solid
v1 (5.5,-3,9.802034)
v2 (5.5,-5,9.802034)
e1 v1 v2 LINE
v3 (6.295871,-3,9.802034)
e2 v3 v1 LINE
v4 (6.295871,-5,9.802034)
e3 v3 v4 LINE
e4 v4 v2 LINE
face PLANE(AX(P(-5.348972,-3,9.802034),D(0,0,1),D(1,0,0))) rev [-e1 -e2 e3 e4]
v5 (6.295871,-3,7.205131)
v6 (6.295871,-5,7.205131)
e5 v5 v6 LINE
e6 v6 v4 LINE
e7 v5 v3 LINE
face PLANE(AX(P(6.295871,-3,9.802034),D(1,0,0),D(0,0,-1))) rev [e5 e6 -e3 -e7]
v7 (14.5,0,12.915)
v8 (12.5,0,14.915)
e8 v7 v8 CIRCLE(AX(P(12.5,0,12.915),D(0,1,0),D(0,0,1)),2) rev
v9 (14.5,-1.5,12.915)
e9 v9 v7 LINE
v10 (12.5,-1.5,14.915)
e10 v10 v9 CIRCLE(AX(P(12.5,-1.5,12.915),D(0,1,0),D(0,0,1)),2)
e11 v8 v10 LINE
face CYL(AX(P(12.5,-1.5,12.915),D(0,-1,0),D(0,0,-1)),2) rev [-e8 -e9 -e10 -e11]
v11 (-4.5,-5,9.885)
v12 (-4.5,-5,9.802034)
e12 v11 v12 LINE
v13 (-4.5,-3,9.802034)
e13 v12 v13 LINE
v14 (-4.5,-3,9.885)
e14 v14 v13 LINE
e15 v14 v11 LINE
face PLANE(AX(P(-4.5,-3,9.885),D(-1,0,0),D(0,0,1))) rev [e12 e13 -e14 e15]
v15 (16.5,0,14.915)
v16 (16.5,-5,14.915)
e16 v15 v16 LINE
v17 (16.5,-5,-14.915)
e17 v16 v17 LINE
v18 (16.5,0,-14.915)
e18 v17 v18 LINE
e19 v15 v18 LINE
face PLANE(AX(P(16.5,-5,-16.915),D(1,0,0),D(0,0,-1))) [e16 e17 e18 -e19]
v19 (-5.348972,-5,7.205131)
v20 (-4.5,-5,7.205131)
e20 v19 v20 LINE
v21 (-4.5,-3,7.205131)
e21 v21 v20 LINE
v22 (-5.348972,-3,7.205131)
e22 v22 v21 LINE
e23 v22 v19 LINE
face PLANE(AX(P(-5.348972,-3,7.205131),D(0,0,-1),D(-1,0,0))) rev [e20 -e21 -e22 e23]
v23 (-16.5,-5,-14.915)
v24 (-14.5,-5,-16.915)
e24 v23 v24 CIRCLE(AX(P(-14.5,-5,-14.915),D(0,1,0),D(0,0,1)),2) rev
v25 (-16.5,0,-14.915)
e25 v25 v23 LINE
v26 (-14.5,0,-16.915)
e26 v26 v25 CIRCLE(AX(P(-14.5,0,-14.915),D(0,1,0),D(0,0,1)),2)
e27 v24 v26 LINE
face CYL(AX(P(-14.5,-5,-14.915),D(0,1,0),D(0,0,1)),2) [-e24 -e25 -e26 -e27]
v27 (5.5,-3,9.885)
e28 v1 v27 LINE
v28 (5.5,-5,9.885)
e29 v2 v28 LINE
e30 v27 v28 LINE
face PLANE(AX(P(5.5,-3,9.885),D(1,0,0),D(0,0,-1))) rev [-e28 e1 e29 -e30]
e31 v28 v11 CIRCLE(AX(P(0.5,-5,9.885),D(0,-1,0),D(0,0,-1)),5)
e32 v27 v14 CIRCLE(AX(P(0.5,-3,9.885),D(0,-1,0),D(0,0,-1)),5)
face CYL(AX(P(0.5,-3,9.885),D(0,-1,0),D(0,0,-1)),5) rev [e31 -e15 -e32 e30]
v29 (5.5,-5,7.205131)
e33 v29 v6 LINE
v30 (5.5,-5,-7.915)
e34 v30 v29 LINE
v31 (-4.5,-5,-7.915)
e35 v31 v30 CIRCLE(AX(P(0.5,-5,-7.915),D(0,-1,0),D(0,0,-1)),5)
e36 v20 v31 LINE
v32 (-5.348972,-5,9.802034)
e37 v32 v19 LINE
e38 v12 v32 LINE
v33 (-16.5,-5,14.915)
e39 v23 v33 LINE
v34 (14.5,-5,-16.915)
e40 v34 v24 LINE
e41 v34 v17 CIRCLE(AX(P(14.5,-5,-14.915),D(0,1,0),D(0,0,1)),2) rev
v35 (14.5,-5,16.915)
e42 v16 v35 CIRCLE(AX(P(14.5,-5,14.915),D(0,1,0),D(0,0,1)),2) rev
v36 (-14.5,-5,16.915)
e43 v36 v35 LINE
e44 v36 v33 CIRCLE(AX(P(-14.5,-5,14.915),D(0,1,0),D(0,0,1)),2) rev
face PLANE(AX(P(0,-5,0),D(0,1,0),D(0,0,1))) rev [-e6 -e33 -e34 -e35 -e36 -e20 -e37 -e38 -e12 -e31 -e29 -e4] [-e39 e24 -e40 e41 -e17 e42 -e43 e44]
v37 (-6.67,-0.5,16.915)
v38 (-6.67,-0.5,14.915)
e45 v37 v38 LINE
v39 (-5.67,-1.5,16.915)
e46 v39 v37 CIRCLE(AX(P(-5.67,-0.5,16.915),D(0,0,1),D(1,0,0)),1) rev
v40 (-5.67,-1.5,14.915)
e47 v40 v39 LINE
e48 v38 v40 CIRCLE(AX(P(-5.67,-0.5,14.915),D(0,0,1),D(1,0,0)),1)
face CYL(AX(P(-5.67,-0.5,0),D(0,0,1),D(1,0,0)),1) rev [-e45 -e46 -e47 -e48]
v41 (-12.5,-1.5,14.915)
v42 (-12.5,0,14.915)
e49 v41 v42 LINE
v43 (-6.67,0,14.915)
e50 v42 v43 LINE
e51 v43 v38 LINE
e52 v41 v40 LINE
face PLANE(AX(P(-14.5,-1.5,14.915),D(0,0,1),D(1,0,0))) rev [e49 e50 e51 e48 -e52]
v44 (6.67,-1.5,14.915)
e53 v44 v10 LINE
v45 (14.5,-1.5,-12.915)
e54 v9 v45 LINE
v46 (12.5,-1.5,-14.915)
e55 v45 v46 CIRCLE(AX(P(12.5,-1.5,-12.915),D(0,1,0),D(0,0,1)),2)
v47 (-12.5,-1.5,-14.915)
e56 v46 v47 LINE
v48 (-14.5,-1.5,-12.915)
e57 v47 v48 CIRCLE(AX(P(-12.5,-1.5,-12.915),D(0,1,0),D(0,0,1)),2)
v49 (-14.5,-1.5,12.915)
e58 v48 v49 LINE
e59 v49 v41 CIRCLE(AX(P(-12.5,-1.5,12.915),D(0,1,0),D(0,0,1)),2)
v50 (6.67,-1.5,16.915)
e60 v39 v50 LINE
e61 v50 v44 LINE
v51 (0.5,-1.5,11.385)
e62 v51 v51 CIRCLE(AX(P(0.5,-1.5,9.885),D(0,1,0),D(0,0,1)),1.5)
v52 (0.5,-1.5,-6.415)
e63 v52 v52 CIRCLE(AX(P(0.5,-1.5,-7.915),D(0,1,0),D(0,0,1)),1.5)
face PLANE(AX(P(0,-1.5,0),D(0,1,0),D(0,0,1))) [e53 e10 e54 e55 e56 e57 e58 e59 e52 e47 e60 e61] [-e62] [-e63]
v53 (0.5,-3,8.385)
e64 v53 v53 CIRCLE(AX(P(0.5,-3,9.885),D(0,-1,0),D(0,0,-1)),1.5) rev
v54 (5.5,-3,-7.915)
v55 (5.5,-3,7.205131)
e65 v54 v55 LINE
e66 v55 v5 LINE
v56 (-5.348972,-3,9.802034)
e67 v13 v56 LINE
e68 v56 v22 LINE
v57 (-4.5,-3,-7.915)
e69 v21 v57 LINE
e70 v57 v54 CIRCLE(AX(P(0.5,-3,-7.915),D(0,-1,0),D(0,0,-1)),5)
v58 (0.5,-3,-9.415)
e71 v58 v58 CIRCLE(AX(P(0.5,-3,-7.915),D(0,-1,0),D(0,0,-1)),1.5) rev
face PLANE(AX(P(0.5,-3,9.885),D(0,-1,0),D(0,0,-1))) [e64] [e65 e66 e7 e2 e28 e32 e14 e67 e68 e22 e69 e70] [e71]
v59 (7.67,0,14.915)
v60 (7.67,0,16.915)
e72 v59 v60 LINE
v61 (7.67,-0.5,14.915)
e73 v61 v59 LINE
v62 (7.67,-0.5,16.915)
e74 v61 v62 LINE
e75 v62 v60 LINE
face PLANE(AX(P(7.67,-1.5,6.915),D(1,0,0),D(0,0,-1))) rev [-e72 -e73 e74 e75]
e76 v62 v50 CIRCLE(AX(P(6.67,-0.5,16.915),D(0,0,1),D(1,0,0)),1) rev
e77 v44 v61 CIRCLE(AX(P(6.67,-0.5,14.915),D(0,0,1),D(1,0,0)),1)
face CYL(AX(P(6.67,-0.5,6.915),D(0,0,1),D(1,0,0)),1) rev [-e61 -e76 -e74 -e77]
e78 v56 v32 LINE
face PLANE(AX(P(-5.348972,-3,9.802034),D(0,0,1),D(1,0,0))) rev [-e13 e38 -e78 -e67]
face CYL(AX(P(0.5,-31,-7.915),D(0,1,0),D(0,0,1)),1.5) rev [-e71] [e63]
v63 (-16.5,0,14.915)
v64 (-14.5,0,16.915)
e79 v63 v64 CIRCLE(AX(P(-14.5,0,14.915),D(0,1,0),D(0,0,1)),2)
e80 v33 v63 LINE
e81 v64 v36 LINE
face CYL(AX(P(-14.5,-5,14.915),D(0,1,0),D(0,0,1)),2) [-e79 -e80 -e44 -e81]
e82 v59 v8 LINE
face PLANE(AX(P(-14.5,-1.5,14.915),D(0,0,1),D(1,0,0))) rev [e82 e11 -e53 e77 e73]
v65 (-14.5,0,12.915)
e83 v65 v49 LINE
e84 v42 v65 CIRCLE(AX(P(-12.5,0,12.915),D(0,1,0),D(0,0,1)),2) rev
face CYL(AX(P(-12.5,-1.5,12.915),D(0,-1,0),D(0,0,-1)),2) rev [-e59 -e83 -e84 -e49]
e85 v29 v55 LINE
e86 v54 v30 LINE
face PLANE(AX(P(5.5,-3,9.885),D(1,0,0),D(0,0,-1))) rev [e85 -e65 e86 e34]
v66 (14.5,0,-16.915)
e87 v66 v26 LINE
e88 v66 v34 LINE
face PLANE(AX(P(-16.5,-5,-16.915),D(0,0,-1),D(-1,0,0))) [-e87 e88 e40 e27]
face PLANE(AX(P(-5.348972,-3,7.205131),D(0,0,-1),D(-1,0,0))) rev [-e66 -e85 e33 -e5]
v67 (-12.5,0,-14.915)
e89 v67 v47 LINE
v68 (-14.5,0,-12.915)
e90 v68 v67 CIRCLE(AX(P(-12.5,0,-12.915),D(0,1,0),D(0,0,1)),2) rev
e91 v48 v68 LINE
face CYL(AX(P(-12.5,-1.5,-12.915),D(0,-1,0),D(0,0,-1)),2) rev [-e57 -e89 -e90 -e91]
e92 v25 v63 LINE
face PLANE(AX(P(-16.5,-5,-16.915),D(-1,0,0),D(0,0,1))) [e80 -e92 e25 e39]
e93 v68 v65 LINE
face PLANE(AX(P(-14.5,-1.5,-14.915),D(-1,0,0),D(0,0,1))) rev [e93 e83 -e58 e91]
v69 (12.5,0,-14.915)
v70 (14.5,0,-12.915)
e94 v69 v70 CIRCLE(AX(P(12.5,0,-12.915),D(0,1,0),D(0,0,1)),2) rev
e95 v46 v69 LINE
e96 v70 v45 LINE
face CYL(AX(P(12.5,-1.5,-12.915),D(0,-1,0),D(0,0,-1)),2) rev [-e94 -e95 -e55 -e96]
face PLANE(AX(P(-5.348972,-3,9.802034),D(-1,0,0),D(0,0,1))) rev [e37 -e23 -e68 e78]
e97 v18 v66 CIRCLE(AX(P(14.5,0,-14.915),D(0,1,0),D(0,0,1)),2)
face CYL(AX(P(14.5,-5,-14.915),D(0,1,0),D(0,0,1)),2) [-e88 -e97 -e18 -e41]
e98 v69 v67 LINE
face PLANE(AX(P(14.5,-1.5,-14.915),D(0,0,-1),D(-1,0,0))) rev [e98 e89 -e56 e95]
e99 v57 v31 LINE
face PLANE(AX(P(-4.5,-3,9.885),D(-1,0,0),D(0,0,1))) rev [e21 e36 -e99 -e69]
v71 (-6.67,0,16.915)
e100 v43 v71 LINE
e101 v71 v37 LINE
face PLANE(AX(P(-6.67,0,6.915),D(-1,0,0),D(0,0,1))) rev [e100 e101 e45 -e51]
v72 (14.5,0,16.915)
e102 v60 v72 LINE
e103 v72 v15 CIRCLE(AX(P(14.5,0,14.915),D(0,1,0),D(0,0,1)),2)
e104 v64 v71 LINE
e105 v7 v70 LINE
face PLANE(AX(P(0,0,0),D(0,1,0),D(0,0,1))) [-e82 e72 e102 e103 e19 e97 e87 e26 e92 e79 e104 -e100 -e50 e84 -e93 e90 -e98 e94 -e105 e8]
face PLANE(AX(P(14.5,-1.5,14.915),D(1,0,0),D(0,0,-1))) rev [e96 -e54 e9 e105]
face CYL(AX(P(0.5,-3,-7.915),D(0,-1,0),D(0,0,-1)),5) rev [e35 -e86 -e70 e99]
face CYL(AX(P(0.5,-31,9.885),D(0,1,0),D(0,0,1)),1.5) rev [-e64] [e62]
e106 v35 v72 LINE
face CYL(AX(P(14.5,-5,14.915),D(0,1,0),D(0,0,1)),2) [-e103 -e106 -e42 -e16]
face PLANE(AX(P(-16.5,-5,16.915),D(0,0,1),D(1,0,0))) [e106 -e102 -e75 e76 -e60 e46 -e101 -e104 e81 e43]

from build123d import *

# Parameters (mm, degrees)
SKETCH1_W           = 33
SKETCH1_H           = 33.83
BOSS_EXTRUDE1_DEPTH = 5
SKETCH2_W           = 29
SKETCH2_H           = 29.83
CUT_EXTRUDE1_DEPTH  = 1.5
SKETCH3_R           = 1.5
CUT_EXTRUDE3_DEPTH  = 31
CUT_EXTRUDE4_DEPTH  = 2
FILLET1_R           = 2
SKETCH5_W           = 11.644842875
SKETCH5_H           = 2.596903013
CUT_EXTRUDE5_DEPTH  = 2
CUT_EXTRUDE9_DEPTH  = 10
FILLET5_R           = 1
FILLET6_R           = 1


with BuildPart() as part:
    # Sketch1 → Boss-Extrude1 (new body)
    with BuildSketch(Plane(origin=(0, 0, 0), x_dir=(1, 0, 0), z_dir=(0, 1, 0))):
        Rectangle(SKETCH1_W, SKETCH1_H)
    extrude(amount=-BOSS_EXTRUDE1_DEPTH)

    # Sketch2 → Cut-Extrude1 (cut)
    with BuildSketch(Plane(origin=(0, 0, 0), x_dir=(1, 0, 0), z_dir=(0, 1, 0))):
        Rectangle(SKETCH2_W, SKETCH2_H)
    extrude(amount=-CUT_EXTRUDE1_DEPTH, mode=Mode.SUBTRACT)

    # Sketch3 → Cut-Extrude3 (cut)
    with BuildSketch(Plane(origin=(0, 0, 0), x_dir=(1, 0, 0), z_dir=(0, 1, 0))):
        with Locations((0.5, 7.915)):
            Circle(SKETCH3_R)
        with Locations((0.5, -9.885)):
            Circle(SKETCH3_R)
    extrude(amount=-CUT_EXTRUDE3_DEPTH, mode=Mode.SUBTRACT)

    # Sketch4 → Cut-Extrude4 (cut)
    with BuildSketch(Plane.XZ.offset(5)):
        with BuildLine():
            Line((-4.5, 9.885), (-4.5, -7.915))
            ThreePointArc((-4.5, -7.915), (0.5, -12.915), (5.5, -7.915))
            Line((5.5, -7.915), (5.5, 9.885))
            ThreePointArc((5.5, 9.885), (0.5, 14.885), (-4.5, 9.885))
        make_face()
    extrude(amount=-CUT_EXTRUDE4_DEPTH, mode=Mode.SUBTRACT)

    # Fillet1
    fillet1_edges = [part.edges().sort_by_distance(p)[0] for p in [
        (14.5, -0.75, -14.915),
        (14.5, -0.75, 14.915),
        (-14.5, -0.75, 14.915),
        (-16.5, -2.5, 16.915),
        (-16.5, -2.5, -16.915),
        (-14.5, -0.75, -14.915),
        (16.5, -2.5, -16.915),
        (16.5, -2.5, 16.915),
    ]]
    fillet(fillet1_edges, radius=FILLET1_R)

    # Sketch5 → Cut-Extrude5 (cut)
    with BuildSketch(Plane.XZ.offset(5)):
        with Locations((0.473449804, 8.503582245)):
            Rectangle(SKETCH5_W, SKETCH5_H)
    extrude(amount=-CUT_EXTRUDE5_DEPTH, mode=Mode.SUBTRACT)

    # Sketch7 → Cut-Extrude9 (cut)
    with BuildSketch(Plane.XY.offset(16.915)):
        Polygon((0.5, 0), (-6.67, 0), (-6.67, -1.5), (7.67, -1.5), (7.67, 0), align=None)
    extrude(amount=-CUT_EXTRUDE9_DEPTH, mode=Mode.SUBTRACT)

    # Fillet5
    fillet5_edges = [part.edges().sort_by_distance(p)[0] for p in [
        (-6.67, -1.5, 15.915),
    ]]
    fillet(fillet5_edges, radius=FILLET5_R)

    # Fillet6
    fillet6_edges = [part.edges().sort_by_distance(p)[0] for p in [
        (7.67, -1.5, 15.915),
    ]]
    fillet(fillet6_edges, radius=FILLET6_R)


solid = part.part
